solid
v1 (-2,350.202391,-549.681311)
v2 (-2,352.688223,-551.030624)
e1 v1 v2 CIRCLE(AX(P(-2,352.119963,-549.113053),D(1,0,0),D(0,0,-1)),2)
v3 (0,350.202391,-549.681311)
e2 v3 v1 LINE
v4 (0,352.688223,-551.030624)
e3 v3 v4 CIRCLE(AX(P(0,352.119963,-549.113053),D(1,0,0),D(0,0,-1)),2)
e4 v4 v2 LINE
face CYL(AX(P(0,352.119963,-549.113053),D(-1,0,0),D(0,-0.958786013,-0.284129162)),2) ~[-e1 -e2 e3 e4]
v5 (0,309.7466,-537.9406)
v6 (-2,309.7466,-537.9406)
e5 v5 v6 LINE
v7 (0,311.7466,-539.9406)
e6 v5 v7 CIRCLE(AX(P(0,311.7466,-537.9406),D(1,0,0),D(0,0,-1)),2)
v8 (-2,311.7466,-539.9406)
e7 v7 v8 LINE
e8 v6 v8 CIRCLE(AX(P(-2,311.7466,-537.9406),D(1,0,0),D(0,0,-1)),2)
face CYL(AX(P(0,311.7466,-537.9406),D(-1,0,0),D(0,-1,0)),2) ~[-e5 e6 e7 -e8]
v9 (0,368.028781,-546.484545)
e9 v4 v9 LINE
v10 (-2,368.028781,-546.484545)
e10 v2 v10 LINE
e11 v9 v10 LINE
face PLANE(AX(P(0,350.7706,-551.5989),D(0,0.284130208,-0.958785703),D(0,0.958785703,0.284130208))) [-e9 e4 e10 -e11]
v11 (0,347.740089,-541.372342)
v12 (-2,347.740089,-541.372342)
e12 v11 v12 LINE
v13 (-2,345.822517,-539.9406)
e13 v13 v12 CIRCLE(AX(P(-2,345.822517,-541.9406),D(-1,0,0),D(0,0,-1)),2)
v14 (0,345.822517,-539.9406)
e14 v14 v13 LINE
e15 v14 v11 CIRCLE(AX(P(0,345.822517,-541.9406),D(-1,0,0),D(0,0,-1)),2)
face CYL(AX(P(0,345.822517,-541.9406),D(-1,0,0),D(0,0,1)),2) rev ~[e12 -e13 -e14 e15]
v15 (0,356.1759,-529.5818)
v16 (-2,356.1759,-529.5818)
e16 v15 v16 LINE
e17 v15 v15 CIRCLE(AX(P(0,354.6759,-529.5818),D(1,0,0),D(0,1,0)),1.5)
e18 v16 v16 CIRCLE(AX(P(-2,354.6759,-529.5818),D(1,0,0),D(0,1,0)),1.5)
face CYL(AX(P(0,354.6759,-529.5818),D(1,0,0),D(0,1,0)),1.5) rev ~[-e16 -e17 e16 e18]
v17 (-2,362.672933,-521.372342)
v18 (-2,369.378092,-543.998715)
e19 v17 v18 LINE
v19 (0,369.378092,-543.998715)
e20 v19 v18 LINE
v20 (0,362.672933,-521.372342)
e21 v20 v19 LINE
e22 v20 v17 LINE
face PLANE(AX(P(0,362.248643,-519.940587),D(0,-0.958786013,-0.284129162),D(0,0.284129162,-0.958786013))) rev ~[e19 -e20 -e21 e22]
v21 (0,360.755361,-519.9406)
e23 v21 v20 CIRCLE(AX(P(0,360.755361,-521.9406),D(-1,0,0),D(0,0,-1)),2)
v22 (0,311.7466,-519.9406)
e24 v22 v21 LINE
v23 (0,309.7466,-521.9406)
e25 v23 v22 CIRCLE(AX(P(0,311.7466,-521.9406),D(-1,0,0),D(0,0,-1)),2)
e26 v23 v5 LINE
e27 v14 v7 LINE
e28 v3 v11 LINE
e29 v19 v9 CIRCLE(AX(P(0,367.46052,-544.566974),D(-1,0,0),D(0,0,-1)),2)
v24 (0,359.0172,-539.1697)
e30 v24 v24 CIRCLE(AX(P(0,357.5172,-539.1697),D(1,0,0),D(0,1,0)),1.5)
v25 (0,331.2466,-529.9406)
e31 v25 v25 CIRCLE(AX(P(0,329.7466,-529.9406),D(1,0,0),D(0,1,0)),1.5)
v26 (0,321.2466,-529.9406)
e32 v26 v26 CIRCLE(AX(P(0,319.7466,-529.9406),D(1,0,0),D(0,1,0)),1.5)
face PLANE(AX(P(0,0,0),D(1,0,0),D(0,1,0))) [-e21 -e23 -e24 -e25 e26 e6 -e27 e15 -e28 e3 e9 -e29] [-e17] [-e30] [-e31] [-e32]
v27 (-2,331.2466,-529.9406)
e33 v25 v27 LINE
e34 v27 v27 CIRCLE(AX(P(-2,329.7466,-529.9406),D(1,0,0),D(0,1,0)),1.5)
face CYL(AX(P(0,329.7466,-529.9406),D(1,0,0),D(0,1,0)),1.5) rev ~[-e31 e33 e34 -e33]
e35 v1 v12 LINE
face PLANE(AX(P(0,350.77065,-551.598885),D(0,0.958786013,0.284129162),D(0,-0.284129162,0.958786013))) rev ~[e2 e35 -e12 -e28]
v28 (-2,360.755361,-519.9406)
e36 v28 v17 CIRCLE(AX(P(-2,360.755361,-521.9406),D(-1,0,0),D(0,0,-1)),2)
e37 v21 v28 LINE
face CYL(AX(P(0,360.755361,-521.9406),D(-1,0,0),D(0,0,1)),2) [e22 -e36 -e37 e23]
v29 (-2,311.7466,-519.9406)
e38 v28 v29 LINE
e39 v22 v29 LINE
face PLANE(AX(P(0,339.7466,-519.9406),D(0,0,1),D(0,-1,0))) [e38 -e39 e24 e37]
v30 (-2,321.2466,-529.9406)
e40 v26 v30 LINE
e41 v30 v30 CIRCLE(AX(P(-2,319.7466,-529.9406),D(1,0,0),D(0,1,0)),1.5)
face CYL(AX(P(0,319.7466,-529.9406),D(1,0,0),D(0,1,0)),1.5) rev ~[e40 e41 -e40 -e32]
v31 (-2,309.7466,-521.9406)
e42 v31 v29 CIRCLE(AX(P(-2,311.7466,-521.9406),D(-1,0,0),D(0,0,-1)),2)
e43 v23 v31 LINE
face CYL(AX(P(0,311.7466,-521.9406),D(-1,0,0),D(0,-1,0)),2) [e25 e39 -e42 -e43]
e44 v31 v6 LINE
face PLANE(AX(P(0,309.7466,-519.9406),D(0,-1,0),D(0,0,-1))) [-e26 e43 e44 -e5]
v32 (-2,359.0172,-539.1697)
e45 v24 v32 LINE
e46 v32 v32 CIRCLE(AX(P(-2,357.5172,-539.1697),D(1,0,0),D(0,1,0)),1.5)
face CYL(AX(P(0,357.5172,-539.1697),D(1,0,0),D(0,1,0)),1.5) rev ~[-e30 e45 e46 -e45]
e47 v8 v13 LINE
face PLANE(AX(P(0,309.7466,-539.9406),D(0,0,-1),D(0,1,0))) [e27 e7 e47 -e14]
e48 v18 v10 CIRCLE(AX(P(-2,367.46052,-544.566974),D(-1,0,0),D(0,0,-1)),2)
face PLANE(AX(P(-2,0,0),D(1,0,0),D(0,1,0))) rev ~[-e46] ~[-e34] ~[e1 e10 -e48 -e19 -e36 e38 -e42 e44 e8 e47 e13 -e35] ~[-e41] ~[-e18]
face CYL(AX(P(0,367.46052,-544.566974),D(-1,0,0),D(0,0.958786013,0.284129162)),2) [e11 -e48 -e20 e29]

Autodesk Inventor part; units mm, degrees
ref_plane "YZ Plane" through (0, 0, 0) normal (1, 0, 0) x (0, 1, 0)
ref_plane "XZ Plane" through (0, 0, 0) normal (0, 1, 0) x (-1, 0, 0)
ref_plane "XY Plane" through (0, 0, 0) normal (0, 0, 1) x (1, 0, 0)
sketch "スケッチ1" plane through (0, 0, 0) normal (1, 0, 0) x (0, 1, 0)
  line L0 (-65.2534, -641.9406) -> (-65.2534, 666.0594)
  line L1 (-65.2534, -539.9406) -> (339.7466, -539.9406)
  line L2 (339.7466, -539.9406) -> (339.7466, -519.9406)
  line L3 (339.7466, -519.9406) -> (-65.2534, -519.9406)
  line L4 (-65.2534, -519.9406) -> (-65.2534, -539.9406)
  circle A0 centre (-30.0734, -492.9406) radius 21
  circle A1 centre (-30.0734, -450.9406) radius 16
  circle A2 centre (-30.0734, -450.9406) radius 13.68
  line L5 (-85.2534, -641.9406) -> (-65.2534, -641.9406)
  line L6 (-85.2534, -641.9406) -> (-65.2534, -641.9406)
  line L7 (-85.2534, -641.9406) -> (398.7466, -641.9406)
  line L8 (398.7466, -641.9406) -> (398.7466, -661.9406)
  line L9 (398.7466, -661.9406) -> (-85.2534, -661.9406)
  line L10 (-85.2534, -661.9406) -> (-85.2534, -641.9406)
  line L11 (-10.0734, 666.0594) -> (9.1023, 671.742)
  line L12 (9.1023, 671.742) -> (394.9497, -630.2894)
  line L13 (394.9497, -630.2894) -> (375.774, -635.972)
  line L14 (375.774, -635.972) -> (-10.0734, 666.0594)
  line L15 (-85.2534, 666.0594) -> (-85.2534, -641.9406)
  line L16 (-85.2534, -434.9406) -> (-30.0734, -434.9406)
  line L17 (-9.0734, -492.9406) -> (-9.0734, -539.9406)
  line L18 (-9.0734, -492.9406) -> (-9.0734, -434.9406)
  line L19 (-9.0734, -434.9406) -> (-30.0734, -434.9406)
  circle A3 centre (-75.2534, -446.9406) radius 1.5
  circle A4 centre (-75.2534, -456.9406) radius 1.5
  line L20 (-30.0734, -466.9406) -> (-85.2534, -466.9406)
  circle A5 centre (-55.2534, -529.9406) radius 1.5
  circle A6 centre (-35.2534, -529.9406) radius 1.5
  line L21 (-65.2534, -539.9406) -> (-85.2534, -539.9406)
  circle A7 centre (-75.2534, -529.9406) radius 1.5
  circle A8 centre (-75.2534, -509.9406) radius 1.5
  circle A9 centre (-30.0734, 650.0594) radius 16
  line L22 (-65.2534, 666.0594) -> (-85.2534, 666.0594)
  line L23 (-85.2534, 666.0594) -> (-30.0734, 666.0594)
  line L24 (-30.0734, 634.0594) -> (-85.2534, 634.0594)
  line L25 (-30.0734, 666.0594) -> (-10.0734, 666.0594)
  circle A10 centre (-30.0734, 650.0594) radius 7.5
  line L26 (-30.0734, 634.0594) -> (-0.5904, 634.0594)
  circle A11 centre (-75.2534, 654.0594) radius 1.5
  circle A12 centre (-75.2534, 644.0594) radius 1.5
  circle A13 centre (2.3558, 659.3128) radius 1.5
  circle A14 centre (5.1971, 649.725) radius 1.5
  line L27 (-0.5904, 634.0594) -> (18.5853, 639.742)
  line L28 (-65.2534, -601.9406) -> (-45.2534, -641.9406)
  line L29 (-45.2534, -641.9406) -> (-45.2534, -661.9406)
  line L30 (-65.2534, -601.9406) -> (-85.2534, -601.9406)
  circle A15 centre (-75.2534, -631.9406) radius 1.5
  circle A16 centre (-75.2534, -621.9406) radius 1.5
  circle A17 centre (-75.2534, -611.9406) radius 1.5
  circle A18 centre (-75.2534, -651.9406) radius 1.5
  circle A19 centre (-65.2534, -651.9406) radius 1.5
  circle A20 centre (-55.2534, -651.9406) radius 1.5
  line L31 (-85.2534, -641.9406) -> (-85.2534, -601.9406)
  line L32 (368.7466, -641.9406) -> (368.7466, -661.9406)
  line L33 (367.2501, -607.2084) -> (386.4258, -601.5259)
  line L34 (375.774, -635.972) -> (377.5427, -641.9406)
  line L35 (394.9497, -630.2894) -> (398.7466, -641.9406)
  circle A21 centre (378.7466, -651.9406) radius 1.5
  circle A22 centre (388.7466, -651.9406) radius 1.5
  circle A23 centre (382.5205, -623.5429) radius 1.5
  circle A24 centre (379.6792, -613.955) radius 1.5
  circle A25 centre (319.7466, -529.9406) radius 1.5
  circle A26 centre (329.7466, -529.9406) radius 1.5
  line L36 (339.7466, -519.9406) -> (341.3889, -519.9406)
  line L37 (339.7466, -539.9406) -> (347.3158, -539.9406)
  line L38 (341.3889, -519.9406) -> (362.2486, -519.9406)
  circle A27 centre (354.6759, -529.5818) radius 1.5
  circle A28 centre (357.5172, -539.1697) radius 1.5
  line L39 (350.7706, -551.5989) -> (369.9463, -545.9163)
  line L40 (309.7466, -519.9406) -> (309.7466, -539.9406)
  point P0 (0, 0)
  point P1 (-388.2534, -209.6072)
  point P2 (-65.2534, -519.9406)
  point P3 (385.3618, -633.1307)
  dimension "d1" = 42
  dimension "d0" = 20
  dimension "d2" = 32
  dimension "d3" = 27.36
  dimension "d4" = 35.18
  dimension "d5" = 35.18
  dimension "d6" = 27
  dimension "d7" = 42
  dimension "d8" = 191
  dimension "d9" = 20
  dimension "d10" = 484
  dimension "d11" = 3
  dimension "d12" = 3
  dimension "d13" = 10
  dimension "d14" = 10
  dimension "d15" = 10
  dimension "d16" = 10
  dimension "d17" = 3
  dimension "d18" = 3
  dimension "d19" = 10
  dimension "d20" = 20
  dimension "d21" = 10
  dimension "d22" = 10
  dimension "d23" = 3
  dimension "d24" = 3
  dimension "d25" = 10
  dimension "d26" = 20
  dimension "d27" = 10
  dimension "d28" = 10
  dimension "d29" = 20
  dimension "d30" = 32
  dimension "d31" = 35.18
  dimension "d32" = 20
  dimension "d33" = 1358
  dimension "d34" = 91.543
  dimension "d35" = 405
  dimension "d36" = 15
  dimension "d37" = 3
  dimension "d38" = 3
  dimension "d39" = 10
  dimension "d40" = 10
  dimension "d41" = 10
  dimension "d42" = 10
  dimension "d43" = 3
  dimension "d44" = 3
  dimension "d45" = 10
  dimension "d46" = 10
  dimension "d47" = 10
  dimension "d48" = 10
  dimension "d49" = 40
  dimension "d50" = 3
  dimension "d51" = 3
  dimension "d52" = 3
  dimension "d53" = 3
  dimension "d54" = 3
  dimension "d55" = 3
  dimension "d56" = 10
  dimension "d57" = 10
  dimension "d58" = 10
  dimension "d59" = 10
  dimension "d60" = 10
  dimension "d61" = 10
  dimension "d62" = 10
  dimension "d63" = 10
  dimension "d64" = 10
extrude "押し出し1" add sketch "スケッチ1" against normal blind 2 contours L40 L3 L2 L1 | L2 L36 L14 L37 | L14 L38 L12 L39
fillet "フィレット1" radius 2 6 edges at (-1, 309.7466, -519.9406) (-1, 309.7466, -539.9406) (-1, 347.3158, -539.9406) (-1, 350.7706, -551.5989) (-1, 369.9463, -545.9163) (-1, 362.2486, -519.9406)
equation "\"d5\" = d4"
equation "\"d14\" = d15"
equation "\"d21\" = d19"
equation "\"d22\" = d19"
equation "\"d27\" = d25"
equation "\"d28\" = d25"
equation "\"d31\" = d4"
equation "\"d41\" = d39"
equation "\"d42\" = d39"
equation "\"d46\" = d45"
equation "\"d47\" = d45"
equation "\"d48\" = d45"
equation "\"d57\" = d56"
equation "\"d58\" = d56"
equation "\"d59\" = d56"
equation "\"d60\" = d56"
equation "\"d61\" = d56"
equation "\"d62\" = d56"
equation "\"d63\" = d56"
equation "\"d64\" = d62"
properties part number "dribl-v1-Plate-11" material "アルミニウム 6061"
